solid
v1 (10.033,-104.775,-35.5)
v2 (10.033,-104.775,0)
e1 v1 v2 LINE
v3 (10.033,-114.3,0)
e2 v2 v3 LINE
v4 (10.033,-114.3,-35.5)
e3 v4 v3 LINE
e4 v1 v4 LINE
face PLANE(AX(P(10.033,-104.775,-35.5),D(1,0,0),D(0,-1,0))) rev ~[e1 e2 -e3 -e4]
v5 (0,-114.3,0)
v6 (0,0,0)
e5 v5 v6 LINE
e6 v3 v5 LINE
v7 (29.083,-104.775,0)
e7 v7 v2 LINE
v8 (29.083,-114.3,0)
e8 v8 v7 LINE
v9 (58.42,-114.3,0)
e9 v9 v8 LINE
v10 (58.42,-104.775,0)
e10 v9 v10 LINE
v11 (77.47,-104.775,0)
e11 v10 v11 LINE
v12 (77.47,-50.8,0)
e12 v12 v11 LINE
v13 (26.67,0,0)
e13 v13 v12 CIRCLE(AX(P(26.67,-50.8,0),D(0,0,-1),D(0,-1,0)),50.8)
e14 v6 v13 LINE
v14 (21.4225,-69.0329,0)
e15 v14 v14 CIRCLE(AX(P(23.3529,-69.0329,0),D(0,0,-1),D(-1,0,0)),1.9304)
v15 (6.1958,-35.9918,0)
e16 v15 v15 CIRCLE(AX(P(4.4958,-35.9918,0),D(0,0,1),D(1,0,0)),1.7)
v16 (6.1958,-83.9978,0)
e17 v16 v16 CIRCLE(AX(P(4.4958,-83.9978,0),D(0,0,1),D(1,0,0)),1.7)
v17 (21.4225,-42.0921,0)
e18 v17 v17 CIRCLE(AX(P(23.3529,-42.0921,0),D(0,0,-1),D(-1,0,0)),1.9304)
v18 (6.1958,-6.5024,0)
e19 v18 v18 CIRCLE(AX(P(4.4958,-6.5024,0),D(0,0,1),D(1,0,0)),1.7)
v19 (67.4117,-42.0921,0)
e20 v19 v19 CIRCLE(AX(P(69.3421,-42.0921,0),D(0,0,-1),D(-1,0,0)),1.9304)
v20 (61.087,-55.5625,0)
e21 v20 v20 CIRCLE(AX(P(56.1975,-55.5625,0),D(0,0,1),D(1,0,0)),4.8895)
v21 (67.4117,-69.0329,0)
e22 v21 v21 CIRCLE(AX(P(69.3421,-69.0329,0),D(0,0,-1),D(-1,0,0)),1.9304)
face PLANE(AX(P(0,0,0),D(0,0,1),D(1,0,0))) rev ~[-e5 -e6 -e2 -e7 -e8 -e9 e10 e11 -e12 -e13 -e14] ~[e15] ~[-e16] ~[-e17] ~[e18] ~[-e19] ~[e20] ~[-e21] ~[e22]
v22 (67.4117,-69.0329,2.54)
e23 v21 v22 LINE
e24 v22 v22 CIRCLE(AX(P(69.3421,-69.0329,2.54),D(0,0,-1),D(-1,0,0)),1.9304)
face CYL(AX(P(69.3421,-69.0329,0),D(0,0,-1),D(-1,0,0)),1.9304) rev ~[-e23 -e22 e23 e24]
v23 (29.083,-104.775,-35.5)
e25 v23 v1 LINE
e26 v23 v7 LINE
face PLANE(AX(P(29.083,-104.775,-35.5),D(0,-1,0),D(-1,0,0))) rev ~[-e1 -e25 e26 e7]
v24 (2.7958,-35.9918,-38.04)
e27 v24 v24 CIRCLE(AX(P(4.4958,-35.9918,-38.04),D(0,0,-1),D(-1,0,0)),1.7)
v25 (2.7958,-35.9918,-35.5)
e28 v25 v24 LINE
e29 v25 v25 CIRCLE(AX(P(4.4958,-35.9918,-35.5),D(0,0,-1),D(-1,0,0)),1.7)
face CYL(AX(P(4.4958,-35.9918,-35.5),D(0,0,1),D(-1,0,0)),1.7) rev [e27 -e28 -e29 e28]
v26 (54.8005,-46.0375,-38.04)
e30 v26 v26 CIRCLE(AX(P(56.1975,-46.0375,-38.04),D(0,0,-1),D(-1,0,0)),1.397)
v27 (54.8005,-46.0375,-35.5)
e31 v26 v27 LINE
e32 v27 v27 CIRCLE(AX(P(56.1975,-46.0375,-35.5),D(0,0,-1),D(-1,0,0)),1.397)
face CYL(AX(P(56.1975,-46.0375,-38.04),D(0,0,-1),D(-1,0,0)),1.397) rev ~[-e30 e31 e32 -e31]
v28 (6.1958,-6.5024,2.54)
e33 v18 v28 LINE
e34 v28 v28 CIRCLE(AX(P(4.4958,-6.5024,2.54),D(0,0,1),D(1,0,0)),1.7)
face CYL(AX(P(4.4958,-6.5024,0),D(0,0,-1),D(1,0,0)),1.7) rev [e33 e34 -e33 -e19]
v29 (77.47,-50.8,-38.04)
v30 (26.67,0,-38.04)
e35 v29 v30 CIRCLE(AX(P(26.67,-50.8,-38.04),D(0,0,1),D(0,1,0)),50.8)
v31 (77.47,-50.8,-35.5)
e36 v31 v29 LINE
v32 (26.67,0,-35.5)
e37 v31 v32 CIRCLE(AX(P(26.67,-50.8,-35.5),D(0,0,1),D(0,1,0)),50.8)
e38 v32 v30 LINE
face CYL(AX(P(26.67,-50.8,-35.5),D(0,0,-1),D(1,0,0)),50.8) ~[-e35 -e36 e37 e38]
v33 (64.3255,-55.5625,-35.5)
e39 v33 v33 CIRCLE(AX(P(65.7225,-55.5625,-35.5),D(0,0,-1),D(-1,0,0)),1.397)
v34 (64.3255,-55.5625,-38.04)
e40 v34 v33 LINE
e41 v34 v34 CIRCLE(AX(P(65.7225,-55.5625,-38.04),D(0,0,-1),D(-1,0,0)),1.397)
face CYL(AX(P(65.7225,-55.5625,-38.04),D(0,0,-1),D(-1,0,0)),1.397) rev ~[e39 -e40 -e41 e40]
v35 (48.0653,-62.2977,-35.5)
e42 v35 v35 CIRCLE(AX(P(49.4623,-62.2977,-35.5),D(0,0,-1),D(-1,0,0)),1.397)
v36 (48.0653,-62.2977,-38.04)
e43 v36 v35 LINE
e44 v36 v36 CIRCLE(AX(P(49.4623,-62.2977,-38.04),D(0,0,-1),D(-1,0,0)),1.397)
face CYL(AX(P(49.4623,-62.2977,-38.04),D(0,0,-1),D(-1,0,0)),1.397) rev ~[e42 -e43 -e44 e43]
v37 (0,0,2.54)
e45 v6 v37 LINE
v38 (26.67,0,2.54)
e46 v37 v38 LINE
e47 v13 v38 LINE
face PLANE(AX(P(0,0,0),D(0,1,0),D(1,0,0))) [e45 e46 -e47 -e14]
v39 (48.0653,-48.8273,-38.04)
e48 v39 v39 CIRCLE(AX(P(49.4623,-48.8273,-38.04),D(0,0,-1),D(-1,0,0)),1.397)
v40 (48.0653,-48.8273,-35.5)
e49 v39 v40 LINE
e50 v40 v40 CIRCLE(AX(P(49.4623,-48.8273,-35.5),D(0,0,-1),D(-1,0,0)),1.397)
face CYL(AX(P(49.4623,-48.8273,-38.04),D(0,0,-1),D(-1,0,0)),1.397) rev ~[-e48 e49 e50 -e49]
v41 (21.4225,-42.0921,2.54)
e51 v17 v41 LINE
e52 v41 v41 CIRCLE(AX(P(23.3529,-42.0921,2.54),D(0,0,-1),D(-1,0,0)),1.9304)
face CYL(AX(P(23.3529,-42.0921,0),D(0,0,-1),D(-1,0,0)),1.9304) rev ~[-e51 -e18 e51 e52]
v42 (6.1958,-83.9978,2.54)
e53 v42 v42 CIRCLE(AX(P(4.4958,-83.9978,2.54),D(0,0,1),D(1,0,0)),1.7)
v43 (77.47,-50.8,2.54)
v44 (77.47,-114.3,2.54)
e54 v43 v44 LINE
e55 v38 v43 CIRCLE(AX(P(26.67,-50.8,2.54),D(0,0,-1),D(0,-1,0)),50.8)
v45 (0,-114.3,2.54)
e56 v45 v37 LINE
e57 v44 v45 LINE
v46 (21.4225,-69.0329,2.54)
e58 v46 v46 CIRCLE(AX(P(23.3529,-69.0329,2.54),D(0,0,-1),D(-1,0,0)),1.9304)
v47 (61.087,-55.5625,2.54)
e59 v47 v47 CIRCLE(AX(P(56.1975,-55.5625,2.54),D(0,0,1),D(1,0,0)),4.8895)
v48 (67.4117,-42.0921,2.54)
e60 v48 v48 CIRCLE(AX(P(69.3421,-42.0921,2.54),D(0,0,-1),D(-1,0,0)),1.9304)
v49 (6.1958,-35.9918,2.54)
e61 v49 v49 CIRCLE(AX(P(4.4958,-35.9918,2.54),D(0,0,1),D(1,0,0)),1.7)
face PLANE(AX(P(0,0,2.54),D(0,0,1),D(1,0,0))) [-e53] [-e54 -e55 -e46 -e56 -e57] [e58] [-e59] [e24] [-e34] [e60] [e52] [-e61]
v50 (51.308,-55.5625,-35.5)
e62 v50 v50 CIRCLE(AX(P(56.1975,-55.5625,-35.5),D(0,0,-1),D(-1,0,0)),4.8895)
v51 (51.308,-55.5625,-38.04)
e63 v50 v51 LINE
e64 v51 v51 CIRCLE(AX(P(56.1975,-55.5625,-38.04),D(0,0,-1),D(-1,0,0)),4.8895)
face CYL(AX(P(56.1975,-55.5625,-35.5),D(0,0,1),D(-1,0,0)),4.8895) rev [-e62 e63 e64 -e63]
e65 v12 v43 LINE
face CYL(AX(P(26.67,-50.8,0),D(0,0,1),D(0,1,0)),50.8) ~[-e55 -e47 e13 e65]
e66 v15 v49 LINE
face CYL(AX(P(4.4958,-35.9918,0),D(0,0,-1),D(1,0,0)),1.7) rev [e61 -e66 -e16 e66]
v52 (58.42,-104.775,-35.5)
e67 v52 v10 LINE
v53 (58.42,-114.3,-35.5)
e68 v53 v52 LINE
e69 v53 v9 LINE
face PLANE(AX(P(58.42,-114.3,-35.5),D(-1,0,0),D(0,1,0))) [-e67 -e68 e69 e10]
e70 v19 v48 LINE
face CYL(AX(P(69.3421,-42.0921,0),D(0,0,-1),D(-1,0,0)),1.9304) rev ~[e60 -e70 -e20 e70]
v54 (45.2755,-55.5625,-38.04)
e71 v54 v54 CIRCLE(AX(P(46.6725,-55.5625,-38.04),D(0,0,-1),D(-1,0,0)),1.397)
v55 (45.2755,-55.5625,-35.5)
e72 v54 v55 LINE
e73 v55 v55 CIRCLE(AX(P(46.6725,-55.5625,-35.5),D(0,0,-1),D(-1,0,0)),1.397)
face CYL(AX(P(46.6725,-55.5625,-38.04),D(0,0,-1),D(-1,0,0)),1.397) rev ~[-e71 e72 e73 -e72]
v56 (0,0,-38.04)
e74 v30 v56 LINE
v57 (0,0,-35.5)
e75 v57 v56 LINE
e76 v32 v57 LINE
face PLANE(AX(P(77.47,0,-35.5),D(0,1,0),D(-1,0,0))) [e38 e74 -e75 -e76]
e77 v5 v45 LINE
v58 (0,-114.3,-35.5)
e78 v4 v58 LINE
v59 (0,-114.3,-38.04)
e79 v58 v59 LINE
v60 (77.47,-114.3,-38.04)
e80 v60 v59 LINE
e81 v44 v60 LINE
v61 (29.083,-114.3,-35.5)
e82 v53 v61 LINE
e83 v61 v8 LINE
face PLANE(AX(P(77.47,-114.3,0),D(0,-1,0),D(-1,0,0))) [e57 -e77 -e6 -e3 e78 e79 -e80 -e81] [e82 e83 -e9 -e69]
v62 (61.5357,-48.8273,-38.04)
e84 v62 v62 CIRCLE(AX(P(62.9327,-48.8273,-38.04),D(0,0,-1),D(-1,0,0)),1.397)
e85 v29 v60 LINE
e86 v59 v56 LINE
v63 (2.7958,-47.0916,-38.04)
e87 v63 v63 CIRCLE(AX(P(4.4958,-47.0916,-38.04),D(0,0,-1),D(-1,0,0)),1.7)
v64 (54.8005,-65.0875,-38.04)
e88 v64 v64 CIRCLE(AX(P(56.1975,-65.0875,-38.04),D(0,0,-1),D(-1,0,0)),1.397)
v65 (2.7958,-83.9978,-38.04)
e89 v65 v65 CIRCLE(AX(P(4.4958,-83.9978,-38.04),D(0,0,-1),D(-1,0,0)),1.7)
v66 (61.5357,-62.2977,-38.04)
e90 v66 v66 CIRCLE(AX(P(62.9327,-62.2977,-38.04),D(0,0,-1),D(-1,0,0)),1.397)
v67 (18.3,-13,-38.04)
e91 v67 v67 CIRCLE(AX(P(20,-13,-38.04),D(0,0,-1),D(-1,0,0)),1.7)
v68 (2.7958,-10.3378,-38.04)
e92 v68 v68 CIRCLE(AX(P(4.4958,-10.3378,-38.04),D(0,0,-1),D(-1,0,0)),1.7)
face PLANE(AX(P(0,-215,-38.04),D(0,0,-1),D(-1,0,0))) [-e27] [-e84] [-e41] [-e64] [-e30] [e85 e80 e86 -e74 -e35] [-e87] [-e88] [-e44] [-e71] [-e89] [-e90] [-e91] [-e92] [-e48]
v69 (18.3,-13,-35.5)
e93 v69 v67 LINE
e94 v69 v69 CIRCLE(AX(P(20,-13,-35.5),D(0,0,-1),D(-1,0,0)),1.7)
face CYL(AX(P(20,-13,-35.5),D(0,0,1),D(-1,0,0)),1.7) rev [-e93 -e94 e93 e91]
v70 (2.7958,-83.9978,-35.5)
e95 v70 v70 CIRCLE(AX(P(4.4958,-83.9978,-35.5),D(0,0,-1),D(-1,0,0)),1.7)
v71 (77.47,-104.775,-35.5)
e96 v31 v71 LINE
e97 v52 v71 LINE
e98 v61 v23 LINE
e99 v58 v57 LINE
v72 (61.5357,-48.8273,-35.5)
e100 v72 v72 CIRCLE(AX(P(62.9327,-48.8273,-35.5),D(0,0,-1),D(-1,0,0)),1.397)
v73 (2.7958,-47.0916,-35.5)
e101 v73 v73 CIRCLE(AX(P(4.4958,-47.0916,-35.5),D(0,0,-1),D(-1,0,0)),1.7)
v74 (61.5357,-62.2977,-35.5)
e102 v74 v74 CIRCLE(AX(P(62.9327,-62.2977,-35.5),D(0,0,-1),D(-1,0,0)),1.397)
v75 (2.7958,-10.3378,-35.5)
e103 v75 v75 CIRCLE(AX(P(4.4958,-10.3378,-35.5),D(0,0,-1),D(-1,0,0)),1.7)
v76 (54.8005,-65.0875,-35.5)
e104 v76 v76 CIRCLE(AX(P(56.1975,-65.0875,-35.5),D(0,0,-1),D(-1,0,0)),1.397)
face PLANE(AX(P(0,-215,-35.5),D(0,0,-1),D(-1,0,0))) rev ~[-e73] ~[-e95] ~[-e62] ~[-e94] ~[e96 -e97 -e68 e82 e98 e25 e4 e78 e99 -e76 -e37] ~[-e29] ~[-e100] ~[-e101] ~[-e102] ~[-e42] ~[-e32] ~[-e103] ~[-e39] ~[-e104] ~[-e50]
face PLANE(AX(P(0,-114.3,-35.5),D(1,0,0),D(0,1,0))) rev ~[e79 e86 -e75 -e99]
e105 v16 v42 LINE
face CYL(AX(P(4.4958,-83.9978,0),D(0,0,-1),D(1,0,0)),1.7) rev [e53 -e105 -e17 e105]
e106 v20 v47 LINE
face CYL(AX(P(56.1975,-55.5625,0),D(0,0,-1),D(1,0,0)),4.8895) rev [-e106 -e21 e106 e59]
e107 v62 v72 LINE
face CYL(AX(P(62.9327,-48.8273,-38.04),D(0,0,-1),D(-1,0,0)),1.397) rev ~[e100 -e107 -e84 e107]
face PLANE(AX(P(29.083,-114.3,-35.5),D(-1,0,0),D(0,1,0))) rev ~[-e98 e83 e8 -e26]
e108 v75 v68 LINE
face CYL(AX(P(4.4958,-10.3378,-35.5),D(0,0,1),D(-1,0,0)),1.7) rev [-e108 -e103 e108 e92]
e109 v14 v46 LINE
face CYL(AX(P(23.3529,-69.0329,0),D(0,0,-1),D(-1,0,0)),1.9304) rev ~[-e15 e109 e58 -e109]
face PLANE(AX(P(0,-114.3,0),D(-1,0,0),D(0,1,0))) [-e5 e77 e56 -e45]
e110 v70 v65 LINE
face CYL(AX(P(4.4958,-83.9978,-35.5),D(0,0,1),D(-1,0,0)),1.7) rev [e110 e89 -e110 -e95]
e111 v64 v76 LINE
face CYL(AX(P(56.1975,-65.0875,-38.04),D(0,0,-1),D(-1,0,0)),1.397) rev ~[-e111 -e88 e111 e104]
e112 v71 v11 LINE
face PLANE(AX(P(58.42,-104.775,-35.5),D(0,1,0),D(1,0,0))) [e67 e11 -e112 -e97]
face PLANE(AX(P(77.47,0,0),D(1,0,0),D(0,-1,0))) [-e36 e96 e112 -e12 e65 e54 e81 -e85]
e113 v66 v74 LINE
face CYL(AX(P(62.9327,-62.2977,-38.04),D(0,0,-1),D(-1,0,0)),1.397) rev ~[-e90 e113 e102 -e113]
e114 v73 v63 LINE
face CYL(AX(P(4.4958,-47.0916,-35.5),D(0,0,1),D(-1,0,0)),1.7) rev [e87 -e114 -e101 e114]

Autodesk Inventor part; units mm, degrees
ref_plane "YZ Plane" through (0, 0, 0) normal (1, 0, 0) x (0, 1, 0)
ref_plane "Work Plane1" through (0, 0, 0) normal (0, 0, 1) x (1, 0, 0)
sketch "Sketch1" plane through (0, 0, 0) normal (0, 0, 1) x (1, 0, 0)
  line L0 (0, 0) -> (77.47, 0)
  line L1 (77.47, 0) -> (77.47, -114.3)
  line L2 (77.47, -114.3) -> (0, -114.3)
  line L3 (0, -114.3) -> (0, 0)
  circle A0 centre (56.1975, -55.5625) radius 4.8895
  circle A1 centre (4.4958, -6.5024) radius 1.7
  circle A2 centre (4.4958, -35.9918) radius 1.7
  circle A3 centre (4.4958, -83.9978) radius 1.7
  dimension "d0" = 77.47
  dimension "d1" = 114.3
  dimension "d2" = 9.779
  dimension "d42" = 3.4
  dimension "d43" = 6.5024
  dimension "d44" = 4.4958
  dimension "d53" = 3.4
  dimension "d54" = 35.9918
  dimension "d55" = 4.4958
  dimension "d56" = 3.4
  dimension "d57" = 83.9978
  dimension "d58" = 4.4958
  dimension "d64" = 56.1975
extrude "Servo Mount Side" add sketch "Sketch1" along normal blind 2.54
ref_plane "Work Plane2" through (0, -215, -35.5) normal (0, 0, -1) x (-1, 0, 0)
sketch "Sketch3" plane through (0, -215, -35.5) normal (0, 0, -1) x (-1, 0, 0)
  line L0 (-77.47, 215) -> (0, 215) projected
  line L1 (0, 215) -> (-77.47, 215)
  line L2 (-77.47, 215) -> (-77.47, 100.7)
  line L3 (-77.47, 100.7) -> (0, 100.7)
  line L4 (0, 100.7) -> (0, 215)
  circle A0 centre (-56.1975, 159.4375) radius 4.8895 projected
  circle A1 centre (-4.4958, 204.6622) radius 1.7
  circle A2 centre (-4.4958, 179.0082) radius 1.7
  circle A3 centre (-4.4958, 131.0022) radius 1.7
  circle A4 centre (-20, 202) radius 1.7
  circle A5 centre (-4.4958, 167.9084) radius 1.7
  dimension "d13" = 114.3
  dimension "d14" = 77.47
  dimension "d48" = 3.4
  dimension "d49" = 10.3378
  dimension "d50" = 4.4958
  dimension "d51" = 3.4
  dimension "d52" = 3.4
  dimension "d59" = 35.9918
  dimension "d60" = 83.9978
  dimension "d61" = 4.4958
  dimension "d62" = 4.4958
  dimension "d65" = 3.4
  dimension "d66" = 20
  dimension "d67" = 13
  dimension "d68" = 3.4
  dimension "d69" = 11.0998
  dimension "d70" = 4.4958
extrude "Encoder Mount Side" add sketch "Sketch3" along normal blind 2.54
sketch "Sketch4" plane through (0, -215, -35.5) normal (0, 0, 1) x (1, 0, 0)
  line L0 (77.47, 100.7) -> (0, 100.7) projected
  line L1 (10.033, 100.7) -> (29.083, 100.7)
  line L2 (29.083, 100.7) -> (29.083, 110.225)
  line L3 (29.083, 110.225) -> (10.033, 110.225)
  line L4 (10.033, 110.225) -> (10.033, 100.7)
  line L5 (77.47, 100.7) -> (58.42, 100.7)
  line L6 (58.42, 100.7) -> (58.42, 110.225)
  line L7 (58.42, 110.225) -> (77.47, 110.225)
  line L8 (77.47, 110.225) -> (77.47, 100.7)
  line L9 (0, 100.7) -> (0, 215) projected
  dimension "d20" = 19.05
  dimension "d21" = 9.525
  dimension "d22" = 19.05
  dimension "d23" = 9.525
  dimension "d63" = 10.033
extrude "Extrusion3" add sketch "Sketch4" along normal up to surface (35.5 mm away)
sketch "Sketch5" plane through (0, -215, -38.04) normal (0, 0, -1) x (-1, 0, 0)
  circle A0 centre (-65.7225, 159.4375) radius 1.397
  circle A1 centre (-56.1975, 159.4375) radius 4.8895 projected
  circle A2 centre (-62.9327, 152.7023) radius 1.397
  circle A3 centre (-56.1975, 149.9125) radius 1.397
  circle A4 centre (-49.4623, 152.7023) radius 1.397
  circle A5 centre (-46.6725, 159.4375) radius 1.397
  circle A6 centre (-49.4623, 166.1727) radius 1.397
  circle A7 centre (-56.1975, 168.9625) radius 1.397
  circle A8 centre (-62.9327, 166.1727) radius 1.397
  point P0 (0, 215)
  dimension "d26" = 2.794
  dimension "d27" = 9.525
  dimension "d30" = 360
extrude "Extrusion4" cut sketch "Sketch5" against normal blind 2.54
sketch "Sketch7" plane through (0, 0, 0) normal (0, 0, -1) x (-1, 0, 0)
  circle A0 centre (-49.4623, -62.2977) radius 1.397 projected
  circle A1 centre (-49.4623, -48.8273) radius 1.397 projected
  circle A2 centre (-65.7225, -55.5625) radius 1.397 projected
  circle A3 centre (-46.6725, -55.5625) radius 1.397 projected
  circle A4 centre (-62.9327, -48.8273) radius 1.397 projected
  circle A5 centre (-62.9327, -62.2977) radius 1.397 projected
  circle A6 centre (-56.1975, -65.0875) radius 1.397 projected
  circle A7 centre (-56.1975, -46.0375) radius 1.397 projected
  line L0 (0, -114.3) -> (0, 0) projected
  line L1 (0, 0) -> (-77.47, 0) projected
  line L2 (-77.47, 0) -> (-77.47, -114.3) projected
  line L3 (-77.47, -114.3) -> (0, -114.3) projected
  circle A8 centre (-56.1975, -55.5625) radius 4.8895 projected
  circle A9 centre (-69.3421, -42.0921) radius 1.3525 construction
  circle A10 centre (-23.3529, -42.0921) radius 1.3525 construction
  circle A11 centre (-23.3529, -69.0329) radius 1.3525 construction
  circle A12 centre (-69.3421, -69.0329) radius 1.3525 construction
  circle A13 centre (-69.3421, -69.0329) radius 1.9304
  circle A14 centre (-69.3421, -42.0921) radius 1.9304
  circle A15 centre (-23.3529, -42.0921) radius 1.9304
  circle A16 centre (-23.3529, -69.0329) radius 1.9304
  dimension "d34" = 3.8608
  dimension "d35" = 3.8608
  dimension "d36" = 3.8608
  dimension "d37" = 3.8608
extrude "Extrusion5" cut sketch "Sketch7" against normal through all contours A13 | A14 | A15 | A16
sketch "Sketch8" plane through (0, 0, 2.54) normal (0, 0, 1) x (1, 0, 0)
  circle A0 centre (56.1975, -55.5625) radius 4.8895 projected
  circle A1 centre (56.1975, -55.5625) radius 44.45
  point P0 (0, 0)
  dimension "d40" = 88.9
fillet "Fillet1" radius 50.8 2 edges at (77.47, 0, -36.77) (77.47, 0, 1.27)
equation "\"d55\" = d44"
equation "\"d58\" = d44"
equation "\"d13\" = d1"
equation "\"d14\" = d0"
equation "\"d50\" = d44"
equation "\"d61\" = d44"
equation "\"d62\" = d44"
equation "\"d70\" = d50"
properties part number "whole servo mount"
